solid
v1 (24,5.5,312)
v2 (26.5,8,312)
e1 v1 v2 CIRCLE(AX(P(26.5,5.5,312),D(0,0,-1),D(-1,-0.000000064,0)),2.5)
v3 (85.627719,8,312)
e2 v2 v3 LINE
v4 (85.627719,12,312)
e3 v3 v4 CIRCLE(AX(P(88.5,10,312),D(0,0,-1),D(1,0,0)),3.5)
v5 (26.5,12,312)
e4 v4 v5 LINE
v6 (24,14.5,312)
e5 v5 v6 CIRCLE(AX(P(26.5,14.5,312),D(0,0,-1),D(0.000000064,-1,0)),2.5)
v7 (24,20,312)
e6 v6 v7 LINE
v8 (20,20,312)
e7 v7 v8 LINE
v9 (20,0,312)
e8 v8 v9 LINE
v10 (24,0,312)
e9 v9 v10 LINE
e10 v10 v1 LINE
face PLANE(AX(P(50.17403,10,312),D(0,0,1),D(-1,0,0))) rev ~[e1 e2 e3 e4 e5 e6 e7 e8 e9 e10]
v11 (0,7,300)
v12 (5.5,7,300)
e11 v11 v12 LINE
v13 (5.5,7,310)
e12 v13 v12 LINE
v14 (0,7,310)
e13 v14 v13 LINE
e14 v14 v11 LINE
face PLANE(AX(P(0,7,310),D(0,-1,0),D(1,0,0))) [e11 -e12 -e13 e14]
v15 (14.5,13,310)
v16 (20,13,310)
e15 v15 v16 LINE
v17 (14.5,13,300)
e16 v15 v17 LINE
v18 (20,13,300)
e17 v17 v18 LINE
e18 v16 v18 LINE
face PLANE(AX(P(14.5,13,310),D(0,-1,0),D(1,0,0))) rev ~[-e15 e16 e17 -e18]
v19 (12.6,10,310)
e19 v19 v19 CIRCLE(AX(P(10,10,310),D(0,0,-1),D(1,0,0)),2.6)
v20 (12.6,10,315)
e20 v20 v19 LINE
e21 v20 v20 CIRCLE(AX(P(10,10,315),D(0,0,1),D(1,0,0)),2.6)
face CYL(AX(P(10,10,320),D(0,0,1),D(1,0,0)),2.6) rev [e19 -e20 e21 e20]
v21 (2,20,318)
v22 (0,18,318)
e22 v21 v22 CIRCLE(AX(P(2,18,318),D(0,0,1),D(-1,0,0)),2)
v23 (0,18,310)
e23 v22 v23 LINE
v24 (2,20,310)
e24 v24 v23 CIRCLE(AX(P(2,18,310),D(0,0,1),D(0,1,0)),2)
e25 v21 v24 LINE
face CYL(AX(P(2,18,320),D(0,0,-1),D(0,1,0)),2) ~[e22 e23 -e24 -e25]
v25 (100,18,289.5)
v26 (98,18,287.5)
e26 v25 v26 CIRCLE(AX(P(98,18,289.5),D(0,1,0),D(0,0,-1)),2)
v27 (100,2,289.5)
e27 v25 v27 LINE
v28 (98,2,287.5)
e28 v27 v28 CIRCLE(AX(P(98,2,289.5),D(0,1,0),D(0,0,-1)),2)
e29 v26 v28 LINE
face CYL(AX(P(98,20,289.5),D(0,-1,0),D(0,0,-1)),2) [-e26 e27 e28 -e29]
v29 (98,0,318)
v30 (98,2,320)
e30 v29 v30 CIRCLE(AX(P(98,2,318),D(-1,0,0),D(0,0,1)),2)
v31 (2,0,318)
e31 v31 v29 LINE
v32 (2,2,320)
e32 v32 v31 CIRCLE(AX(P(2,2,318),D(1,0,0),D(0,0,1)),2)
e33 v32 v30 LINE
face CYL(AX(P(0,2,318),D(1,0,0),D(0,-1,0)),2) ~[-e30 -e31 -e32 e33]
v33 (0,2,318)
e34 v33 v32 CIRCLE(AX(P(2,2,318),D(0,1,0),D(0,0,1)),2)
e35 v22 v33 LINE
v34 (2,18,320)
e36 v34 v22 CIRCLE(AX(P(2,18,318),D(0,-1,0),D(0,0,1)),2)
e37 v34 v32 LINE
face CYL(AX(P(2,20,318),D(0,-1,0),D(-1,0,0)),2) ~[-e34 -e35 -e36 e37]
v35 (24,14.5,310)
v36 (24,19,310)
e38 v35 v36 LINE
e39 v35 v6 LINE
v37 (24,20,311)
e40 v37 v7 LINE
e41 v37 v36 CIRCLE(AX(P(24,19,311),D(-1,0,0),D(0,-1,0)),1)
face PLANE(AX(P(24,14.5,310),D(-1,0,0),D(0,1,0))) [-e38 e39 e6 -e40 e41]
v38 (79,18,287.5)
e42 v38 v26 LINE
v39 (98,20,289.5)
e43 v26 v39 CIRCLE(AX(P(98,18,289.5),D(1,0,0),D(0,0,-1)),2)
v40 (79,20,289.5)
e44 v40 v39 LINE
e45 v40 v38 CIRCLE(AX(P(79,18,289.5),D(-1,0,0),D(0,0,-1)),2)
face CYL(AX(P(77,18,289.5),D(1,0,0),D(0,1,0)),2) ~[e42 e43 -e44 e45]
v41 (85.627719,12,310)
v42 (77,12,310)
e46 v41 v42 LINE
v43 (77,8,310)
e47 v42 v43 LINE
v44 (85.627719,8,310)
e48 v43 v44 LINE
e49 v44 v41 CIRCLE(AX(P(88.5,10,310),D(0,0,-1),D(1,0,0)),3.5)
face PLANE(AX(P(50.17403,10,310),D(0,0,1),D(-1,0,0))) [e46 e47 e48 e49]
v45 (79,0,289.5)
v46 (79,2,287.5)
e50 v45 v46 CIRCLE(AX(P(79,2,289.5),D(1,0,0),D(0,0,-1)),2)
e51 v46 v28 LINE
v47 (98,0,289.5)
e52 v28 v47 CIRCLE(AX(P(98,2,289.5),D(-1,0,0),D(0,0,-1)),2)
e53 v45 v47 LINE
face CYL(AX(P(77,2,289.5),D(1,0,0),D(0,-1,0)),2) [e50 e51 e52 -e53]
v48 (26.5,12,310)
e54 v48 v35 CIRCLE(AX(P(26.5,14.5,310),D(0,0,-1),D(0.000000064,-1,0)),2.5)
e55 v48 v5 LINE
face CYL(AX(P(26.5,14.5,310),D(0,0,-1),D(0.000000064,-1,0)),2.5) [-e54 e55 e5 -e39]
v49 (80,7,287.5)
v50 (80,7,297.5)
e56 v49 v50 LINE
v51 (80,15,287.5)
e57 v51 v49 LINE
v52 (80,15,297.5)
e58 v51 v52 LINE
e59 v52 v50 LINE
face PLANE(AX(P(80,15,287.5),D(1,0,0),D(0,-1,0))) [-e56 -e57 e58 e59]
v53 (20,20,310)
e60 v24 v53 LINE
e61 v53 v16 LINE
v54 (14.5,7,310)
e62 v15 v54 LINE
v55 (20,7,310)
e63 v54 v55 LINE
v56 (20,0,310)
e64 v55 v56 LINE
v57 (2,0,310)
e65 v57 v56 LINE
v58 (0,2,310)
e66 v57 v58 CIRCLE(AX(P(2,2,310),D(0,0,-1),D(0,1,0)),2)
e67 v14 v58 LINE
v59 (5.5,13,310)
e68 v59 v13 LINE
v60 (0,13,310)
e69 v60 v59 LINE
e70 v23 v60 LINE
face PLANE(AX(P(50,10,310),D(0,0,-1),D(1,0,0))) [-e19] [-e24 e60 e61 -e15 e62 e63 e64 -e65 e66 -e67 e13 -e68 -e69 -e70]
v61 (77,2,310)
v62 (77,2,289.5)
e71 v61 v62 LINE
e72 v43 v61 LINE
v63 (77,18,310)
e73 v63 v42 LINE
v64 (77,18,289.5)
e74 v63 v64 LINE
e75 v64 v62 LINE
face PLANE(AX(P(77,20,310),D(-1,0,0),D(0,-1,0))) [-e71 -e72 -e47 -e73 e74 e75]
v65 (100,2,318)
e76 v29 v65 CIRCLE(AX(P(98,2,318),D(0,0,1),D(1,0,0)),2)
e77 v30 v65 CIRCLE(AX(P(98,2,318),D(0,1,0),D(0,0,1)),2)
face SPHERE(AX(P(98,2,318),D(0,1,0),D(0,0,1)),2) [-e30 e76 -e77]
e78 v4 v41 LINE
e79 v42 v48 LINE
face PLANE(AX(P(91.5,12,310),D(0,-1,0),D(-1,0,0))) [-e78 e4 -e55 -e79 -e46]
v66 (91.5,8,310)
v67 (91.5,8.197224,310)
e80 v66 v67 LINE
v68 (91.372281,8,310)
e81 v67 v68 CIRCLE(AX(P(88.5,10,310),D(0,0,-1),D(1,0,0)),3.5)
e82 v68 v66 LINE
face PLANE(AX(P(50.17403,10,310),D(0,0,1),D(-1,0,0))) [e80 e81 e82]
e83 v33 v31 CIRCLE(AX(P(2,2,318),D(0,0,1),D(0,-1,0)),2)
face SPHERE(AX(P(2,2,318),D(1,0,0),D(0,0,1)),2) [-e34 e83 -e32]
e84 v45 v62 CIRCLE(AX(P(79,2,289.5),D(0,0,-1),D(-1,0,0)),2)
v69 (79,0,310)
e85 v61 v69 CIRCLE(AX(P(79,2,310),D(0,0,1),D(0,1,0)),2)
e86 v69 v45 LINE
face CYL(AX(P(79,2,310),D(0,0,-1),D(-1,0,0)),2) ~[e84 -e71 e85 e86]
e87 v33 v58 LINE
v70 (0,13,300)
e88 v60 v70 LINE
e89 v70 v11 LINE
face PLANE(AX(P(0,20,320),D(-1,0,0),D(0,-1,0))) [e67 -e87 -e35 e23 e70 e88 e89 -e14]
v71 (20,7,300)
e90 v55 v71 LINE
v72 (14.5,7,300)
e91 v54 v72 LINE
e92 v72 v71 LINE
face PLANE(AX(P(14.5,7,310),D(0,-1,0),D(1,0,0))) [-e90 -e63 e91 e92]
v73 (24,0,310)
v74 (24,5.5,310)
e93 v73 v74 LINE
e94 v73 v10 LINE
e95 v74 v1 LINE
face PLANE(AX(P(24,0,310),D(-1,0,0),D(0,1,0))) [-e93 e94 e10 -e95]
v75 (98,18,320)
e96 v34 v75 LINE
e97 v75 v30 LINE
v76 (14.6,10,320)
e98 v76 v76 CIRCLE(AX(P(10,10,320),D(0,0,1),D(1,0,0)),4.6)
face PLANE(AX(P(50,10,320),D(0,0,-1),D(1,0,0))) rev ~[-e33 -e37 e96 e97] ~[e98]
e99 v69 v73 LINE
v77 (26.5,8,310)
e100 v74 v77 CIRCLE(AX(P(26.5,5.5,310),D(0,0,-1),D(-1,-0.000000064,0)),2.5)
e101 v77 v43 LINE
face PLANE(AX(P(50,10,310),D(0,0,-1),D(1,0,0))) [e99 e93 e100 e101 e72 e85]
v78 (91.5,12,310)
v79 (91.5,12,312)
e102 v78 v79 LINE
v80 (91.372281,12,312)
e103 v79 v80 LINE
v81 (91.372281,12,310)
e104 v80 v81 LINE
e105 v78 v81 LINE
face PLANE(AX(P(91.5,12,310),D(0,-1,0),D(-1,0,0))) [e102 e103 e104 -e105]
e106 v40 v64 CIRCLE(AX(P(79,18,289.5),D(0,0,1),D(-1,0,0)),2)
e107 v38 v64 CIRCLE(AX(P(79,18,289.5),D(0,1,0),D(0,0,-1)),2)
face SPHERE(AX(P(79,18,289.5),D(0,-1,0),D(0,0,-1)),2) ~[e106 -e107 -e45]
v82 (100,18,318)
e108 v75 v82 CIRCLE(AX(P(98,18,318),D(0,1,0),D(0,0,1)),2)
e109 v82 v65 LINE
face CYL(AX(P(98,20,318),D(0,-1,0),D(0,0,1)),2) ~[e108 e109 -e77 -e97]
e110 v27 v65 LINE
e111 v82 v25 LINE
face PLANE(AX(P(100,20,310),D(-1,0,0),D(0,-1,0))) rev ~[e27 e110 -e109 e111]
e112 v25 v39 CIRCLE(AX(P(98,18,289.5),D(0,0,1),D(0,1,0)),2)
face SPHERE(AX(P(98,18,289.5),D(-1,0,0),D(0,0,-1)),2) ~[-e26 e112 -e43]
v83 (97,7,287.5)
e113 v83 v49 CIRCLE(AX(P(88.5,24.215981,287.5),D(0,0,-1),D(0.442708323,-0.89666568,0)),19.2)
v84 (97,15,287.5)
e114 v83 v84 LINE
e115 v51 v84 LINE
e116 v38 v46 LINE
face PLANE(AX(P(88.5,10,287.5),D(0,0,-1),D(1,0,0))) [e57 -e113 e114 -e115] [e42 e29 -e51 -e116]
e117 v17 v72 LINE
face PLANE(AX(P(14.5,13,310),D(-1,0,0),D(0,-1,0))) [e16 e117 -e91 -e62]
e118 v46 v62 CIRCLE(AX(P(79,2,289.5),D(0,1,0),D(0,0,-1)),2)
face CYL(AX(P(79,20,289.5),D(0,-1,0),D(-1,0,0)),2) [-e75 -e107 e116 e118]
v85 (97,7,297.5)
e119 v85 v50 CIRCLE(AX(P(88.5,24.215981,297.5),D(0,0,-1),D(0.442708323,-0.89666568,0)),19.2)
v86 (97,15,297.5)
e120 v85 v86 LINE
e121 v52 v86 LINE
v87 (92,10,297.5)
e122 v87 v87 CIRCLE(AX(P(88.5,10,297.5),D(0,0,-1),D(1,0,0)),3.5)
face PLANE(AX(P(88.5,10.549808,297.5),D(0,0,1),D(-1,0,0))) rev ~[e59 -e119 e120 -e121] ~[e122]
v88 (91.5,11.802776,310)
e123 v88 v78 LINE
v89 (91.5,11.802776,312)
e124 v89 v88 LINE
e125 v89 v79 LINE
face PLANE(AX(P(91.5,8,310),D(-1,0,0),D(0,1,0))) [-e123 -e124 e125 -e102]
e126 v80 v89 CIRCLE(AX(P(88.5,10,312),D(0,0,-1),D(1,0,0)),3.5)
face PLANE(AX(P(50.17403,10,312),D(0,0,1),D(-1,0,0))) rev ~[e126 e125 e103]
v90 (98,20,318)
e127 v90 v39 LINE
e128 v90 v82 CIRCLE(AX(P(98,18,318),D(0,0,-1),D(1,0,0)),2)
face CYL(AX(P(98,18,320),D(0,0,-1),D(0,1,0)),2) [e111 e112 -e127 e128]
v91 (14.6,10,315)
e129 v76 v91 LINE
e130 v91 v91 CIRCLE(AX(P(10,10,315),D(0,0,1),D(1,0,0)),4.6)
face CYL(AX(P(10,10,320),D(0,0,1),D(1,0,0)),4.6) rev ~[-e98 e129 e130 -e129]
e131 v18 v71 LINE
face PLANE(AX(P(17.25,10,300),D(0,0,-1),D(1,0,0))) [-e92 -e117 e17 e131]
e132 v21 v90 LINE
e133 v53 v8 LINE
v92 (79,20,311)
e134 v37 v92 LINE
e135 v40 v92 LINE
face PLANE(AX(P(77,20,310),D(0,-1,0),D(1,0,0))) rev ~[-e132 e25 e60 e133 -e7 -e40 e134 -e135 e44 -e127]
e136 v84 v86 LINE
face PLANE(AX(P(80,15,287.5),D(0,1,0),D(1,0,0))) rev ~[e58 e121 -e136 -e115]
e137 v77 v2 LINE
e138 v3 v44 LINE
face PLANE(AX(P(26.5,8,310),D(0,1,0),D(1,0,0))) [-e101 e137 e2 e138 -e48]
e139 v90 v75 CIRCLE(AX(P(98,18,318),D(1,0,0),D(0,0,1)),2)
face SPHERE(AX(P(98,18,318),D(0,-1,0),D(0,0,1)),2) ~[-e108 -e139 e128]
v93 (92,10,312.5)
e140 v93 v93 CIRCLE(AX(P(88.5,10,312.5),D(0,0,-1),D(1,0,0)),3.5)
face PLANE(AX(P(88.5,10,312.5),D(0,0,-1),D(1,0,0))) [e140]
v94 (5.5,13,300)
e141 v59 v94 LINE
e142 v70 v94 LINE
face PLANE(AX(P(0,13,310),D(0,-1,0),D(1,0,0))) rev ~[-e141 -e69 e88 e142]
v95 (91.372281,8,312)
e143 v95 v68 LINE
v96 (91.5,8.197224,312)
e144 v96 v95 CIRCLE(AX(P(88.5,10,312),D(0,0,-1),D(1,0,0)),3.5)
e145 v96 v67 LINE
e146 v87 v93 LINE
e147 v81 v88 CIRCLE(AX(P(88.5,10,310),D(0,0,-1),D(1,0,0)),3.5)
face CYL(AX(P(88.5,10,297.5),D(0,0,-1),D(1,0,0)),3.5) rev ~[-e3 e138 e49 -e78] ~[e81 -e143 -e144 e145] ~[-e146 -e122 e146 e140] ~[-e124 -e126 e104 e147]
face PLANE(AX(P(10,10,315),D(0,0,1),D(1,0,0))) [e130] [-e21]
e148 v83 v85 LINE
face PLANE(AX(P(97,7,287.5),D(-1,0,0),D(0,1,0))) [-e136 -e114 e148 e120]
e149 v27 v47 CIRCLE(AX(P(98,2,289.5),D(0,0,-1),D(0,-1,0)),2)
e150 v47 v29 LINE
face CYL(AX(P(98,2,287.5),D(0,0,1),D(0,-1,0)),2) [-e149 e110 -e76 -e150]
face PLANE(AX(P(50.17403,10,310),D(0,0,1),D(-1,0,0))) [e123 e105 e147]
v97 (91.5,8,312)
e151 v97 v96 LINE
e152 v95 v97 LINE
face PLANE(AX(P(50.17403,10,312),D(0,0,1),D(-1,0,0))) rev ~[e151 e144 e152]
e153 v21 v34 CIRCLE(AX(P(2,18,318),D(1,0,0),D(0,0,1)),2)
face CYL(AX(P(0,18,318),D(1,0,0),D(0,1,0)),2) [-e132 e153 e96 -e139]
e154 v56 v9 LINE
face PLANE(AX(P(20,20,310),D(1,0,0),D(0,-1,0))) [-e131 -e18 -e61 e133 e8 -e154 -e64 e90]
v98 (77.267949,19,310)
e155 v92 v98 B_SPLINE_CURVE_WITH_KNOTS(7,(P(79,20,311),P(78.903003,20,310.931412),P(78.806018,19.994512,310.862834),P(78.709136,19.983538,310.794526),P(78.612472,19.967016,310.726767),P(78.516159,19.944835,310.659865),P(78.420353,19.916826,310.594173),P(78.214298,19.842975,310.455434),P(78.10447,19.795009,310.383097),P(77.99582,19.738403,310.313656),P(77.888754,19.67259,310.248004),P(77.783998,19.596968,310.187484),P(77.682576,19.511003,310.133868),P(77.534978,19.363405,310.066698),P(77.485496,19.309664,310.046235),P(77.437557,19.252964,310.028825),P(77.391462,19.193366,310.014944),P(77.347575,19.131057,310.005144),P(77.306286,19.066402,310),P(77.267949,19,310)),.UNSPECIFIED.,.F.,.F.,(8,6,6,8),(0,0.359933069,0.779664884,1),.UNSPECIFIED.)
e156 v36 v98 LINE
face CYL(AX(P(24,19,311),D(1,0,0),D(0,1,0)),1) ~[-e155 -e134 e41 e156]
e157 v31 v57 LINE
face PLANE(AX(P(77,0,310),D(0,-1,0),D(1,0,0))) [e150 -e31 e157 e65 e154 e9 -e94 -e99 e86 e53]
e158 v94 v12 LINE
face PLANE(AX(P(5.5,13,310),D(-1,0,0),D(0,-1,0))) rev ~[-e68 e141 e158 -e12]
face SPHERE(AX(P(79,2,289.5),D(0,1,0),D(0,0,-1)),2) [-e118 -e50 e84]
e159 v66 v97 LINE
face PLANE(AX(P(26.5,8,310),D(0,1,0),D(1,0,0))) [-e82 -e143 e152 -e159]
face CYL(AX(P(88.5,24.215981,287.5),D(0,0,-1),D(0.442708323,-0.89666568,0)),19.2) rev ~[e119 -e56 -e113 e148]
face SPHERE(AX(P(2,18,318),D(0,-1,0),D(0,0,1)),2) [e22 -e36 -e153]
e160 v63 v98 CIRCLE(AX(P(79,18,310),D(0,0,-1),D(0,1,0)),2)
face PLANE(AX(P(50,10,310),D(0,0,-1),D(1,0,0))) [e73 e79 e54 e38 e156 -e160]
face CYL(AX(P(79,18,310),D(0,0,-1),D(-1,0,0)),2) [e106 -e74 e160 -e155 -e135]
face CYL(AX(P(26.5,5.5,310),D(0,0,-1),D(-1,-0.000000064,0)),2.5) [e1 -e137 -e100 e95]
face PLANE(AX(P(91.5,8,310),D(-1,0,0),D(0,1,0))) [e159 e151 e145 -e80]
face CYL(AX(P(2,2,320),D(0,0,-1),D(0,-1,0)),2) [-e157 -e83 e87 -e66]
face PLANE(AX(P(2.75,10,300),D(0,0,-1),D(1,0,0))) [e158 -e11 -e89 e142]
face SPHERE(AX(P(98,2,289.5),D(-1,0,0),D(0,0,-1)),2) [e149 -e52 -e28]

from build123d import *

# Parameters (mm, degrees)
SKETCH010_W             = 100
SKETCH010_H             = 20
SKETCH010_R             = 2.6
PAD005_DEPTH            = 10
SKETCH012_W             = 23
SKETCH012_H             = 20
PAD003_DEPTH            = 22.5
POCKET005_DEPTH         = 10
SKETCH008_R             = 3.5
POCKET004_DEPTH         = 15
POCKET006_DEPTH         = 2
SKETCH013_W             = 5.5
SKETCH013_H             = 6
PAD004_DEPTH            = 10
FILLET002_R             = 2
FILLET003_R             = 1
SKETCH014_R             = 4.6
POCKET007_DEPTH         = 5
BODY001_PLACEMENT_ANGLE = 180


with BuildPart() as part:
    # Sketch010 → Pad005 (new body)
    with BuildSketch(Plane.XY):
        with Locations((50, 10)):
            Rectangle(SKETCH010_W, SKETCH010_H)
        with Locations((10, 10)):
            Circle(SKETCH010_R, mode=Mode.SUBTRACT)
    extrude(amount=PAD005_DEPTH)

    # Sketch012 (on Face7 of Pad005) → Pad003 (join)
    with BuildSketch(Plane.XY.offset(10)):
        with Locations((88.5, 10)):
            Rectangle(SKETCH012_W, SKETCH012_H)
    extrude(amount=PAD003_DEPTH)

    # Sketch009 (on Face11 of Pad003) → Pocket005 (cut)
    with BuildSketch(Plane.XY.offset(32.5)):
        with BuildLine():
            Line((97, 13), (97, 5))
            Line((80, 5), (97, 5))
            Line((80, 5), (80, 13))
            ThreePointArc((97, 13), (88.5, 14.984019), (80, 13))
        make_face()
    extrude(amount=-POCKET005_DEPTH, mode=Mode.SUBTRACT)

    # Sketch008 (on Face17 of Pocket005) → Pocket004 (cut)
    with BuildSketch(Plane.XY.offset(22.5)):
        with Locations((88.5, 10)):
            Circle(SKETCH008_R)
    extrude(amount=-POCKET004_DEPTH, mode=Mode.SUBTRACT)

    # Sketch011 (on Face5 of Pocket004) → Pocket006 (cut)
    with BuildSketch(Plane.XY.offset(10)):
        with BuildLine():
            Line((26.5, 12), (91.5, 12))
            Line((91.5, 12), (91.5, 8))
            Line((91.5, 8), (26.5, 8))
            ThreePointArc((26.5, 8), (24.732233, 7.267767), (24, 5.5))
            Line((24, 5.5), (24, 0))
            Line((24, 0), (20, 0))
            Line((20, 0), (20, 20))
            Line((20, 20), (24, 20))
            Line((24, 20), (24, 14.5))
            ThreePointArc((24, 14.5), (24.732233, 12.732233), (26.5, 12))
        make_face()
    extrude(amount=-POCKET006_DEPTH, mode=Mode.SUBTRACT)

    # Sketch013 → Pad004 (join)
    with BuildSketch(Plane.XY.offset(10)):
        with Locations((2.75, 10)):
            Rectangle(SKETCH013_W, SKETCH013_H)
        with Locations((17.25, 10)):
            Rectangle(SKETCH013_W, SKETCH013_H)
    extrude(amount=PAD004_DEPTH)

    # Fillet002
    fillet002_edges = [part.edges().sort_by_distance(p)[0] for p in [
        (77, 10, 32.5),
        (88.5, 0, 32.5),
        (88.5, 20, 32.5),
        (100, 10, 32.5),
        (100, 10, 0),
        (50, 20, 0),
        (0, 10, 0),
        (50, 0, 0),
        (77, 20, 21.25),
        (77, 0, 21.25),
        (100, 0, 21.25),
        (100, 20, 21.25),
        (0, 20, 5),
        (0, 0, 5),
    ]]
    fillet(fillet002_edges, radius=FILLET002_R)

    # Fillet003
    fillet003_edges = [part.edges().sort_by_distance(p)[0] for p in [
        (0, 18, 6),
        (50.5, 0, 10),
    ]]
    fillet(fillet003_edges, radius=FILLET003_R)

    # Sketch014 (on Face38 of Fillet003) → Pocket007 (cut)
    with BuildSketch(Plane(origin=(0, 0, 0), x_dir=(1, 0, 0), z_dir=(0, 0, -1))):
        with Locations((10, -10)):
            Circle(SKETCH014_R)
    extrude(amount=-POCKET007_DEPTH, mode=Mode.SUBTRACT)


with BuildPart() as part_1:
    # Body001 placement: moved
    add(part.part.moved(Location((0, 20, 320))).rotate(Axis((0, 20, 320), (1, 0, 0)), BODY001_PLACEMENT_ANGLE))


solid = part_1.part
